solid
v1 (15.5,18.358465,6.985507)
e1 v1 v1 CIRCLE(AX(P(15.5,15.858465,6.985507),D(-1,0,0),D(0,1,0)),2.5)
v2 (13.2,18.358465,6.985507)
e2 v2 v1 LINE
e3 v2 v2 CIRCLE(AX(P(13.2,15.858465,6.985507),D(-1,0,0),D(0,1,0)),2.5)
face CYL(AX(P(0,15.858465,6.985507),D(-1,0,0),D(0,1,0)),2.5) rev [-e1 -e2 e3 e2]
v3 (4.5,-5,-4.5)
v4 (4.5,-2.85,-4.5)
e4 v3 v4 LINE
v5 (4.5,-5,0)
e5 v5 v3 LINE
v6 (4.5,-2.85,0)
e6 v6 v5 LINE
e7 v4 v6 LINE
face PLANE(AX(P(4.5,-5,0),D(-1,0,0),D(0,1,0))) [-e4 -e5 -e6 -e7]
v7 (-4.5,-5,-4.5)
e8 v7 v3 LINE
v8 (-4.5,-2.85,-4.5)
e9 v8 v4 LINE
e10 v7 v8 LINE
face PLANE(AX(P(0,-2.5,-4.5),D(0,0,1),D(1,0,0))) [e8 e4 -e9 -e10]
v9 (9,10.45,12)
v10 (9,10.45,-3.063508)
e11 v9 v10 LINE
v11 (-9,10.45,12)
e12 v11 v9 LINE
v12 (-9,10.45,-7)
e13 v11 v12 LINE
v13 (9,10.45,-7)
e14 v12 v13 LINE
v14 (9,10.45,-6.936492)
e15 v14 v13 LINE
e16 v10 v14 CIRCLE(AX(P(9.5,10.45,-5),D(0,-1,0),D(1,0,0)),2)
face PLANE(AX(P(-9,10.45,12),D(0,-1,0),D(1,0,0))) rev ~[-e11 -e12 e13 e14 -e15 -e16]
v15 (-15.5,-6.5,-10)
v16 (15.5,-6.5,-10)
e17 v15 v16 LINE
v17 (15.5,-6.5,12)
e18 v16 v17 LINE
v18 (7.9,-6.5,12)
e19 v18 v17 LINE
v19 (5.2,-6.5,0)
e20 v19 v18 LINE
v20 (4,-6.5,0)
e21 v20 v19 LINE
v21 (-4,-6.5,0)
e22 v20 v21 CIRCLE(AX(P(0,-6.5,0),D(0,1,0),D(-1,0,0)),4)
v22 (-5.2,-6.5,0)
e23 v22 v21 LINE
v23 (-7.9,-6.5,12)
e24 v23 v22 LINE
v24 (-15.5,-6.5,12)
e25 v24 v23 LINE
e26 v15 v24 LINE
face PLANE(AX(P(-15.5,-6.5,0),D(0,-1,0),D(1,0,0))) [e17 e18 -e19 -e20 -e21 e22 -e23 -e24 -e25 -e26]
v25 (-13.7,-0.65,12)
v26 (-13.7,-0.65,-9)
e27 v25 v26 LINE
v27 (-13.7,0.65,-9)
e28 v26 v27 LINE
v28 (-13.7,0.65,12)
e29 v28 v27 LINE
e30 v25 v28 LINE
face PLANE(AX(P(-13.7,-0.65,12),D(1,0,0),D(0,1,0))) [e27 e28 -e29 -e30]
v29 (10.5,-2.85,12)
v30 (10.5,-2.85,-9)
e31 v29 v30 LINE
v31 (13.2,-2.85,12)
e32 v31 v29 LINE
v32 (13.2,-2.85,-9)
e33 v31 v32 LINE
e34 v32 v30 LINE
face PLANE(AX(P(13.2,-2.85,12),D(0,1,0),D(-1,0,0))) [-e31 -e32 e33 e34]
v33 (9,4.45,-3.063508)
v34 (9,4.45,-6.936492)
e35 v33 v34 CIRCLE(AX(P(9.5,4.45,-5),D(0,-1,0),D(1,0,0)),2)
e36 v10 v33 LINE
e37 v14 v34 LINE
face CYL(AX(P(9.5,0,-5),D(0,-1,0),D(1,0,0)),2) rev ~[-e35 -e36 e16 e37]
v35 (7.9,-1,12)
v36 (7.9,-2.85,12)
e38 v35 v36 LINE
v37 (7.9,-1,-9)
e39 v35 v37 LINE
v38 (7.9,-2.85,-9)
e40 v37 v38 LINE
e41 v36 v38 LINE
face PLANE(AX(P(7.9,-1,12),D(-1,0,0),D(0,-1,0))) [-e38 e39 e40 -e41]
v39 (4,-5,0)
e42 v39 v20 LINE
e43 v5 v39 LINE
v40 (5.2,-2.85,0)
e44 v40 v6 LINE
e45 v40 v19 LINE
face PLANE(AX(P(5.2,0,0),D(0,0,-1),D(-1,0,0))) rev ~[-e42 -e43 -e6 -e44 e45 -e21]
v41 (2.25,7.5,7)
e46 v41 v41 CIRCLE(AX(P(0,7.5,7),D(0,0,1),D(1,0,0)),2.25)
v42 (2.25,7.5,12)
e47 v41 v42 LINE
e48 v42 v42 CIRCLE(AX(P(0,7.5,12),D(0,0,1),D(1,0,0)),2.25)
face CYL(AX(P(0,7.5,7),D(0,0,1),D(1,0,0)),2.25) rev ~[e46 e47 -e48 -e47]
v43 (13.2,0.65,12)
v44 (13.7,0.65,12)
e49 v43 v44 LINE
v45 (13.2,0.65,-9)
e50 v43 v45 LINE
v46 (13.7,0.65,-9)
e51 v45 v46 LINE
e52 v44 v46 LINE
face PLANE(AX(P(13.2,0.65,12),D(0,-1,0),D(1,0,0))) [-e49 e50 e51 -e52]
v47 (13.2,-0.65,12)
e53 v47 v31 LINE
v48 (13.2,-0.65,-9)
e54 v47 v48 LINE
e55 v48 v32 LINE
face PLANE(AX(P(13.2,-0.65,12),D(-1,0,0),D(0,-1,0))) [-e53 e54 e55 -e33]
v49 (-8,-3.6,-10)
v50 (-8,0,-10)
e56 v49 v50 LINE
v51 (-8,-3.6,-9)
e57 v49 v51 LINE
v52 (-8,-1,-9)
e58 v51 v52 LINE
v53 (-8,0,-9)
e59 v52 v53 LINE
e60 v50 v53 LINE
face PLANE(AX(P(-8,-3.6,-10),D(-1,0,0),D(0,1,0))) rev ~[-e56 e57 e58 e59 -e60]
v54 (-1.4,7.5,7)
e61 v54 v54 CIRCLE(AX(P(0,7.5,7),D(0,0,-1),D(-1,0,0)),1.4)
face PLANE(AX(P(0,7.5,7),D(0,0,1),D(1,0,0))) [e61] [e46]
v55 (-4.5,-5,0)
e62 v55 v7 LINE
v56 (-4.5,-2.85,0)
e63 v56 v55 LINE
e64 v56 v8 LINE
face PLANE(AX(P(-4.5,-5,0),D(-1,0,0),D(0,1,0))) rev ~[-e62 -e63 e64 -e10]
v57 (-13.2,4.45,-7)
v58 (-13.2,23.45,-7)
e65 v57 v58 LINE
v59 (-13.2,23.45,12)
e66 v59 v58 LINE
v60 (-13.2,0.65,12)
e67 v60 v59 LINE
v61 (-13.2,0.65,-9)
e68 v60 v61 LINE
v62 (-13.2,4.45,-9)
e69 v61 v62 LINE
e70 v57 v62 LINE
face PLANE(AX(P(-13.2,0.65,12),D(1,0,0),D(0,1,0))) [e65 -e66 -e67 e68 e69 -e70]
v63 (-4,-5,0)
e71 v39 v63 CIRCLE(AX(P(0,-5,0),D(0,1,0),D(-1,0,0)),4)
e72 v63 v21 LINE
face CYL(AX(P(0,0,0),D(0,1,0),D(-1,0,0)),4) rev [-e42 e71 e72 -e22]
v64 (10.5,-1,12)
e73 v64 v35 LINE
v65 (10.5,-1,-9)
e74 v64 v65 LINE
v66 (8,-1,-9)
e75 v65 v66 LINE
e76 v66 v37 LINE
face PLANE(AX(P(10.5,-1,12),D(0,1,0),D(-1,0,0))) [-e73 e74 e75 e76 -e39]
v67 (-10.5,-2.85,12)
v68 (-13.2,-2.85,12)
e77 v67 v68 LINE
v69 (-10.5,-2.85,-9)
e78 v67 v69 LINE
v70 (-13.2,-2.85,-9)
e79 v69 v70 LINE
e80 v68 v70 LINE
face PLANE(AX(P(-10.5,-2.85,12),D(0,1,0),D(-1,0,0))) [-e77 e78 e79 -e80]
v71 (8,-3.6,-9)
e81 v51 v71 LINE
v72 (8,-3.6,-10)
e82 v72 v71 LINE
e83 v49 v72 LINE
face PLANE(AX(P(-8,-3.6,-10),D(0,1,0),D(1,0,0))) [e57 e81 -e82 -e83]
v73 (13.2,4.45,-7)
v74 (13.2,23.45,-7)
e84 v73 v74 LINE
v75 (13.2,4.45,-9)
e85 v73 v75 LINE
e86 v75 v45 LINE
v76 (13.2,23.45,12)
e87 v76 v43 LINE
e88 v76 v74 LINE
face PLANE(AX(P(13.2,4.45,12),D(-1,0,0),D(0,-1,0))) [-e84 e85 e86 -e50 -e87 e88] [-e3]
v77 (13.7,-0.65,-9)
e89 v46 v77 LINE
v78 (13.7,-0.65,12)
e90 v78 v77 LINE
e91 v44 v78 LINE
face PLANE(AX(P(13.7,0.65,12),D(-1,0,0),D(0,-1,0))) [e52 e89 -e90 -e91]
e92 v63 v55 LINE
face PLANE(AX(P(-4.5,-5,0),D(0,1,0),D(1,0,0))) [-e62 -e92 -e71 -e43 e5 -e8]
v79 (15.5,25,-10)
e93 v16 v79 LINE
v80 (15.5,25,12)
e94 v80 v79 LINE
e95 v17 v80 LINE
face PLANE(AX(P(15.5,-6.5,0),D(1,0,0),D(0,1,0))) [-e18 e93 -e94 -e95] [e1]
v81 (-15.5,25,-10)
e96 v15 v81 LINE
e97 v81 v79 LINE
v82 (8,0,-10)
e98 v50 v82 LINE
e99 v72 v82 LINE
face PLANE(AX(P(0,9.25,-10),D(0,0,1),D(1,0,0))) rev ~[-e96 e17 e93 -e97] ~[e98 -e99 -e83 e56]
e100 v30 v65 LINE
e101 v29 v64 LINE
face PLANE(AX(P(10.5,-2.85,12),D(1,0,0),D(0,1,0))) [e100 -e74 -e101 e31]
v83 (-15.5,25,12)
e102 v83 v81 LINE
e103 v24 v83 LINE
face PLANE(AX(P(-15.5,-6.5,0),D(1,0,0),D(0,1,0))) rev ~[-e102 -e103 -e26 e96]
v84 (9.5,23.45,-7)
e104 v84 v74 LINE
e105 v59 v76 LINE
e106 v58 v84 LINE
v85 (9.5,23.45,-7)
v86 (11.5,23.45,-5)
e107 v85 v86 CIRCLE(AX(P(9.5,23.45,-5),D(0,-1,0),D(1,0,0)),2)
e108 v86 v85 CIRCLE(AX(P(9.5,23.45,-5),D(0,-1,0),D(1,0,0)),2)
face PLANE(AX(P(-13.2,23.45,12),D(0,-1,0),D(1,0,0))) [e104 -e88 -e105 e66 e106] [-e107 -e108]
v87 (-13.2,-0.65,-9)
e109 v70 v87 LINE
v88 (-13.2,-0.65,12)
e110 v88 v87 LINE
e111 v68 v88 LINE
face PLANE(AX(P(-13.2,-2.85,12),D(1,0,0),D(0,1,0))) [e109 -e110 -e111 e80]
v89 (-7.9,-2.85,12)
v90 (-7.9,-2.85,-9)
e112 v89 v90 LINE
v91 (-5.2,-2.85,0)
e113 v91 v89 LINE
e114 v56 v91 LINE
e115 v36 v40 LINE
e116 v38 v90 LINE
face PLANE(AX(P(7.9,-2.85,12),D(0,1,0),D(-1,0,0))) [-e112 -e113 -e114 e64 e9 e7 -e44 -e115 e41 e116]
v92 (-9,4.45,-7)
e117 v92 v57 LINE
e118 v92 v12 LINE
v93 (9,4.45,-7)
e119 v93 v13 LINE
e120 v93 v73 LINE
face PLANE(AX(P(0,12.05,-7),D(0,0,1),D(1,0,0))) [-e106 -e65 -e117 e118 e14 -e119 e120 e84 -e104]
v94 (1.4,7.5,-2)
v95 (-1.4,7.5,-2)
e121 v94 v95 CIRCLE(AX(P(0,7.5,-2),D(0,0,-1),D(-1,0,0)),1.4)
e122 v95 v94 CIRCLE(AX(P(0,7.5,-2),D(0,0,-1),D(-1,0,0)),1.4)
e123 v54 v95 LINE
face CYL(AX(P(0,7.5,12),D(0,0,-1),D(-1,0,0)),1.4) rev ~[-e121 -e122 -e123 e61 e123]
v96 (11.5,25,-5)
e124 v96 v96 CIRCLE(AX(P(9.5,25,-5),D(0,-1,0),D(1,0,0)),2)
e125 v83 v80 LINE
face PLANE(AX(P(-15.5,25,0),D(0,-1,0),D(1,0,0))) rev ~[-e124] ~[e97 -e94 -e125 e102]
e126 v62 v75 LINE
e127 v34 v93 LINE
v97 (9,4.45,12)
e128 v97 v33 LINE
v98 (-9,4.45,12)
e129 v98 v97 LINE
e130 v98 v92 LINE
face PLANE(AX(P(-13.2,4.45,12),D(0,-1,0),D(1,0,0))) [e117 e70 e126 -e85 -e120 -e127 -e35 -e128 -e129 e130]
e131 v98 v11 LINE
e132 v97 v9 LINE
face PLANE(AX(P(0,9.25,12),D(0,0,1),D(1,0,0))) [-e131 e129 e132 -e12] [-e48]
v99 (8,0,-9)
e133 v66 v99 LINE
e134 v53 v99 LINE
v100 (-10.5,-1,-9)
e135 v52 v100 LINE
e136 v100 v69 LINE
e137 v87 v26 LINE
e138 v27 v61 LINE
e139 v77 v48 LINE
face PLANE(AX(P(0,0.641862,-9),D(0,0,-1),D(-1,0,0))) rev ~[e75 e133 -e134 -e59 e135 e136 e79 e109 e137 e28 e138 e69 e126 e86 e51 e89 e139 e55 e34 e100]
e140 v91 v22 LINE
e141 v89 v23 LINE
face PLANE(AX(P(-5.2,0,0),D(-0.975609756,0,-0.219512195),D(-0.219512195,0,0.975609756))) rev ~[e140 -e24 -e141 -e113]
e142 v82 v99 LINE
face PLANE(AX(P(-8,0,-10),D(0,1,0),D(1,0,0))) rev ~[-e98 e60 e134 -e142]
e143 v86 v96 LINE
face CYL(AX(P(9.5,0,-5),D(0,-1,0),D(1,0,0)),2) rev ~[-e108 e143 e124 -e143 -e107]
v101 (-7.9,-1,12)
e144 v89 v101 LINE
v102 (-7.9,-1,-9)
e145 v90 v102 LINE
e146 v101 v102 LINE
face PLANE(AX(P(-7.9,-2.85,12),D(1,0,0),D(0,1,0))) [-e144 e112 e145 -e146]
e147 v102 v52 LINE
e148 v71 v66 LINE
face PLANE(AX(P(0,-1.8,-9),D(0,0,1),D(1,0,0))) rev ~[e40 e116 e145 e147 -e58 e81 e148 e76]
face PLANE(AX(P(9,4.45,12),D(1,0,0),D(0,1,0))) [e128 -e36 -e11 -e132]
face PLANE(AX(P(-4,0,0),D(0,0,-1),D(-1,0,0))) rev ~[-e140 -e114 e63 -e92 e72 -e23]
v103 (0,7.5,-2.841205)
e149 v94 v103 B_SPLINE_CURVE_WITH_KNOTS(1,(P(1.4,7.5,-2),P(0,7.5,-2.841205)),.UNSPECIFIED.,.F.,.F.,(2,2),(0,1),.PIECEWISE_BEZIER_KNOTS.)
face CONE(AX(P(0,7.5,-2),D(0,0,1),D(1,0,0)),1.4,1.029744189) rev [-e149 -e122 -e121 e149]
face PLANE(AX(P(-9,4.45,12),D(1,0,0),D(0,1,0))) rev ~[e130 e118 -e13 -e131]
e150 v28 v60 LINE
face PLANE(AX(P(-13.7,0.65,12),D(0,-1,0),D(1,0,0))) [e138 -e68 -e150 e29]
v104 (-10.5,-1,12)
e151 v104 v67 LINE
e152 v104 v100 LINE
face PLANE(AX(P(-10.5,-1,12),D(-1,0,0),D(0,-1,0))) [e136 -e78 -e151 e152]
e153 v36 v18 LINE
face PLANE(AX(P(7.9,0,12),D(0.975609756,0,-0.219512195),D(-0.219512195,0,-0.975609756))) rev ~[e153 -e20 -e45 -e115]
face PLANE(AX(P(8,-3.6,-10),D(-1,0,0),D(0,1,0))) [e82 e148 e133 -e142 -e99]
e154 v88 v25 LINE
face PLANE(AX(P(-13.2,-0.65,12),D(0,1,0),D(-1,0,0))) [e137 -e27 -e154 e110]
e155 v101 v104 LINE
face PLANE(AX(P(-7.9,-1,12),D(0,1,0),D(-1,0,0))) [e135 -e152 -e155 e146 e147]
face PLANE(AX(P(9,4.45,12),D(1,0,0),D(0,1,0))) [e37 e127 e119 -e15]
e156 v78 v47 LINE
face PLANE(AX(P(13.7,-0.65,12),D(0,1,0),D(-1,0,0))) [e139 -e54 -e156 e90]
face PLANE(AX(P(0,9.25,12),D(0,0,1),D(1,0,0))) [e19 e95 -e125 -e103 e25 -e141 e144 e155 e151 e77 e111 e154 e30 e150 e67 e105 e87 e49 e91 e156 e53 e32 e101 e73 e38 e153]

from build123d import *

# Parameters (mm, degrees)
SKETCH_W             = 31
SKETCH_H             = 31.5
PAD_DEPTH            = 12
PAD_DEPTH_BACK       = 10
POCKET_DEPTH         = 21
SKETCH002_W          = 26.4
SKETCH002_H          = 22.8
SKETCH002_W_2        = 18
SKETCH002_H_2        = 6
POCKET001_DEPTH      = 19
SKETCH003_W          = 9
SKETCH003_H          = 5
POCKET002_DEPTH      = 4.5
POCKET002_DEPTH_BACK = 15
POCKET003_DEPTH      = 6.501
SKETCH005_W          = 16
SKETCH005_H          = 3.6
POCKET004_DEPTH      = 1
SKETCH006_R          = 2
POCKET005_DEPTH      = 25.001
HOLE_D               = 2.8
HOLE_DEPTH           = 14
HOLE_CBORE_D         = 4.5
HOLE_CBORE_DEPTH     = 5
HOLE_TIPS_R          = 1.4
SKETCH008_R          = 2.5
POCKET006_DEPTH      = 15.501


with BuildPart() as part:
    # Sketch → Pad (new body, two sides)
    with BuildSketch(Plane.XY) as pad_sk:
        with Locations((0, 9.25)):
            Rectangle(SKETCH_W, SKETCH_H)
    extrude(amount=PAD_DEPTH)
    extrude(pad_sk.sketch, amount=-PAD_DEPTH_BACK)

    # Sketch001 → Pocket (cut)
    with BuildSketch(Plane.XY.offset(12)):
        Polygon((-7.9, -2.85), (-7.9, -1), (-10.5, -1), (-10.5, -2.85), (-13.2, -2.85), (-13.2, -0.65), (-13.7, -0.65), (-13.7, 0.65), (-13.2, 0.65), (-13.2, 4.45), (13.2, 4.45), (13.2, 0.65), (13.7, 0.65), (13.7, -0.65), (13.2, -0.65), (13.2, -2.85), (10.5, -2.85), (10.5, -1), (7.9, -1), (7.9, -2.85), align=None)
    extrude(amount=-POCKET_DEPTH, mode=Mode.SUBTRACT)

    # Sketch002 → Pocket001 (cut)
    with BuildSketch(Plane.XY.offset(12)):
        with Locations((0, 12.05)):
            Rectangle(SKETCH002_W, SKETCH002_H)
        with Locations((0, 7.45)):
            Rectangle(SKETCH002_W_2, SKETCH002_H_2, mode=Mode.SUBTRACT)
    extrude(amount=-POCKET001_DEPTH, mode=Mode.SUBTRACT)

    # Sketch003 → Pocket002 (cut, two sides)
    with BuildSketch(Plane.XY) as pocket002_sk:
        with Locations((0, -2.5)):
            Rectangle(SKETCH003_W, SKETCH003_H)
    extrude(amount=-POCKET002_DEPTH, mode=Mode.SUBTRACT)
    extrude(pocket002_sk.sketch, amount=POCKET002_DEPTH_BACK, mode=Mode.SUBTRACT)

    # Sketch004 → Pocket003 (cut, through all)
    with BuildSketch(Plane.XZ):
        with BuildLine():
            ThreePointArc((-4, 0), (0, -4), (4, 0))
            Line((5.2, 0), (4, 0))
            Line((7.9, 12), (5.2, 0))
            Line((-7.9, 12), (7.9, 12))
            Line((-5.2, 0), (-7.9, 12))
            Line((-4, 0), (-5.2, 0))
        make_face()
    extrude(amount=POCKET003_DEPTH, mode=Mode.SUBTRACT)

    # Sketch005 → Pocket004 (cut)
    with BuildSketch(Plane.XY.offset(-10)):
        with Locations((0, -1.8)):
            Rectangle(SKETCH005_W, SKETCH005_H)
    extrude(amount=POCKET004_DEPTH, mode=Mode.SUBTRACT)

    # Sketch006 → Pocket005 (cut, through all)
    with BuildSketch(Plane.XZ):
        with Locations((9.5, -5)):
            Circle(SKETCH006_R)
    extrude(amount=-POCKET005_DEPTH, mode=Mode.SUBTRACT)

    # Hole
    with Locations(Plane.XY.offset(12)):
        with Locations((0, 7.5)):
            CounterBoreHole(HOLE_D / 2, HOLE_CBORE_D / 2, HOLE_CBORE_DEPTH, depth=HOLE_DEPTH)

    # Hole tips → Hole tip 1 section 0
    with BuildSketch(Plane.XY.offset(-2), mode=Mode.PRIVATE) as hole_tip_1_s0:
        with Locations((0, 7.5)):
            Circle(HOLE_TIPS_R)
    loft([hole_tip_1_s0.sketch, Vertex(0, 7.5, -2.841205)], mode=Mode.SUBTRACT)

    # Sketch008 → Pocket006 (cut, through all)
    with BuildSketch(Plane.YZ):
        with Locations((15.858465, 6.985507)):
            Circle(SKETCH008_R)
    extrude(amount=POCKET006_DEPTH, mode=Mode.SUBTRACT)


solid = part.part
